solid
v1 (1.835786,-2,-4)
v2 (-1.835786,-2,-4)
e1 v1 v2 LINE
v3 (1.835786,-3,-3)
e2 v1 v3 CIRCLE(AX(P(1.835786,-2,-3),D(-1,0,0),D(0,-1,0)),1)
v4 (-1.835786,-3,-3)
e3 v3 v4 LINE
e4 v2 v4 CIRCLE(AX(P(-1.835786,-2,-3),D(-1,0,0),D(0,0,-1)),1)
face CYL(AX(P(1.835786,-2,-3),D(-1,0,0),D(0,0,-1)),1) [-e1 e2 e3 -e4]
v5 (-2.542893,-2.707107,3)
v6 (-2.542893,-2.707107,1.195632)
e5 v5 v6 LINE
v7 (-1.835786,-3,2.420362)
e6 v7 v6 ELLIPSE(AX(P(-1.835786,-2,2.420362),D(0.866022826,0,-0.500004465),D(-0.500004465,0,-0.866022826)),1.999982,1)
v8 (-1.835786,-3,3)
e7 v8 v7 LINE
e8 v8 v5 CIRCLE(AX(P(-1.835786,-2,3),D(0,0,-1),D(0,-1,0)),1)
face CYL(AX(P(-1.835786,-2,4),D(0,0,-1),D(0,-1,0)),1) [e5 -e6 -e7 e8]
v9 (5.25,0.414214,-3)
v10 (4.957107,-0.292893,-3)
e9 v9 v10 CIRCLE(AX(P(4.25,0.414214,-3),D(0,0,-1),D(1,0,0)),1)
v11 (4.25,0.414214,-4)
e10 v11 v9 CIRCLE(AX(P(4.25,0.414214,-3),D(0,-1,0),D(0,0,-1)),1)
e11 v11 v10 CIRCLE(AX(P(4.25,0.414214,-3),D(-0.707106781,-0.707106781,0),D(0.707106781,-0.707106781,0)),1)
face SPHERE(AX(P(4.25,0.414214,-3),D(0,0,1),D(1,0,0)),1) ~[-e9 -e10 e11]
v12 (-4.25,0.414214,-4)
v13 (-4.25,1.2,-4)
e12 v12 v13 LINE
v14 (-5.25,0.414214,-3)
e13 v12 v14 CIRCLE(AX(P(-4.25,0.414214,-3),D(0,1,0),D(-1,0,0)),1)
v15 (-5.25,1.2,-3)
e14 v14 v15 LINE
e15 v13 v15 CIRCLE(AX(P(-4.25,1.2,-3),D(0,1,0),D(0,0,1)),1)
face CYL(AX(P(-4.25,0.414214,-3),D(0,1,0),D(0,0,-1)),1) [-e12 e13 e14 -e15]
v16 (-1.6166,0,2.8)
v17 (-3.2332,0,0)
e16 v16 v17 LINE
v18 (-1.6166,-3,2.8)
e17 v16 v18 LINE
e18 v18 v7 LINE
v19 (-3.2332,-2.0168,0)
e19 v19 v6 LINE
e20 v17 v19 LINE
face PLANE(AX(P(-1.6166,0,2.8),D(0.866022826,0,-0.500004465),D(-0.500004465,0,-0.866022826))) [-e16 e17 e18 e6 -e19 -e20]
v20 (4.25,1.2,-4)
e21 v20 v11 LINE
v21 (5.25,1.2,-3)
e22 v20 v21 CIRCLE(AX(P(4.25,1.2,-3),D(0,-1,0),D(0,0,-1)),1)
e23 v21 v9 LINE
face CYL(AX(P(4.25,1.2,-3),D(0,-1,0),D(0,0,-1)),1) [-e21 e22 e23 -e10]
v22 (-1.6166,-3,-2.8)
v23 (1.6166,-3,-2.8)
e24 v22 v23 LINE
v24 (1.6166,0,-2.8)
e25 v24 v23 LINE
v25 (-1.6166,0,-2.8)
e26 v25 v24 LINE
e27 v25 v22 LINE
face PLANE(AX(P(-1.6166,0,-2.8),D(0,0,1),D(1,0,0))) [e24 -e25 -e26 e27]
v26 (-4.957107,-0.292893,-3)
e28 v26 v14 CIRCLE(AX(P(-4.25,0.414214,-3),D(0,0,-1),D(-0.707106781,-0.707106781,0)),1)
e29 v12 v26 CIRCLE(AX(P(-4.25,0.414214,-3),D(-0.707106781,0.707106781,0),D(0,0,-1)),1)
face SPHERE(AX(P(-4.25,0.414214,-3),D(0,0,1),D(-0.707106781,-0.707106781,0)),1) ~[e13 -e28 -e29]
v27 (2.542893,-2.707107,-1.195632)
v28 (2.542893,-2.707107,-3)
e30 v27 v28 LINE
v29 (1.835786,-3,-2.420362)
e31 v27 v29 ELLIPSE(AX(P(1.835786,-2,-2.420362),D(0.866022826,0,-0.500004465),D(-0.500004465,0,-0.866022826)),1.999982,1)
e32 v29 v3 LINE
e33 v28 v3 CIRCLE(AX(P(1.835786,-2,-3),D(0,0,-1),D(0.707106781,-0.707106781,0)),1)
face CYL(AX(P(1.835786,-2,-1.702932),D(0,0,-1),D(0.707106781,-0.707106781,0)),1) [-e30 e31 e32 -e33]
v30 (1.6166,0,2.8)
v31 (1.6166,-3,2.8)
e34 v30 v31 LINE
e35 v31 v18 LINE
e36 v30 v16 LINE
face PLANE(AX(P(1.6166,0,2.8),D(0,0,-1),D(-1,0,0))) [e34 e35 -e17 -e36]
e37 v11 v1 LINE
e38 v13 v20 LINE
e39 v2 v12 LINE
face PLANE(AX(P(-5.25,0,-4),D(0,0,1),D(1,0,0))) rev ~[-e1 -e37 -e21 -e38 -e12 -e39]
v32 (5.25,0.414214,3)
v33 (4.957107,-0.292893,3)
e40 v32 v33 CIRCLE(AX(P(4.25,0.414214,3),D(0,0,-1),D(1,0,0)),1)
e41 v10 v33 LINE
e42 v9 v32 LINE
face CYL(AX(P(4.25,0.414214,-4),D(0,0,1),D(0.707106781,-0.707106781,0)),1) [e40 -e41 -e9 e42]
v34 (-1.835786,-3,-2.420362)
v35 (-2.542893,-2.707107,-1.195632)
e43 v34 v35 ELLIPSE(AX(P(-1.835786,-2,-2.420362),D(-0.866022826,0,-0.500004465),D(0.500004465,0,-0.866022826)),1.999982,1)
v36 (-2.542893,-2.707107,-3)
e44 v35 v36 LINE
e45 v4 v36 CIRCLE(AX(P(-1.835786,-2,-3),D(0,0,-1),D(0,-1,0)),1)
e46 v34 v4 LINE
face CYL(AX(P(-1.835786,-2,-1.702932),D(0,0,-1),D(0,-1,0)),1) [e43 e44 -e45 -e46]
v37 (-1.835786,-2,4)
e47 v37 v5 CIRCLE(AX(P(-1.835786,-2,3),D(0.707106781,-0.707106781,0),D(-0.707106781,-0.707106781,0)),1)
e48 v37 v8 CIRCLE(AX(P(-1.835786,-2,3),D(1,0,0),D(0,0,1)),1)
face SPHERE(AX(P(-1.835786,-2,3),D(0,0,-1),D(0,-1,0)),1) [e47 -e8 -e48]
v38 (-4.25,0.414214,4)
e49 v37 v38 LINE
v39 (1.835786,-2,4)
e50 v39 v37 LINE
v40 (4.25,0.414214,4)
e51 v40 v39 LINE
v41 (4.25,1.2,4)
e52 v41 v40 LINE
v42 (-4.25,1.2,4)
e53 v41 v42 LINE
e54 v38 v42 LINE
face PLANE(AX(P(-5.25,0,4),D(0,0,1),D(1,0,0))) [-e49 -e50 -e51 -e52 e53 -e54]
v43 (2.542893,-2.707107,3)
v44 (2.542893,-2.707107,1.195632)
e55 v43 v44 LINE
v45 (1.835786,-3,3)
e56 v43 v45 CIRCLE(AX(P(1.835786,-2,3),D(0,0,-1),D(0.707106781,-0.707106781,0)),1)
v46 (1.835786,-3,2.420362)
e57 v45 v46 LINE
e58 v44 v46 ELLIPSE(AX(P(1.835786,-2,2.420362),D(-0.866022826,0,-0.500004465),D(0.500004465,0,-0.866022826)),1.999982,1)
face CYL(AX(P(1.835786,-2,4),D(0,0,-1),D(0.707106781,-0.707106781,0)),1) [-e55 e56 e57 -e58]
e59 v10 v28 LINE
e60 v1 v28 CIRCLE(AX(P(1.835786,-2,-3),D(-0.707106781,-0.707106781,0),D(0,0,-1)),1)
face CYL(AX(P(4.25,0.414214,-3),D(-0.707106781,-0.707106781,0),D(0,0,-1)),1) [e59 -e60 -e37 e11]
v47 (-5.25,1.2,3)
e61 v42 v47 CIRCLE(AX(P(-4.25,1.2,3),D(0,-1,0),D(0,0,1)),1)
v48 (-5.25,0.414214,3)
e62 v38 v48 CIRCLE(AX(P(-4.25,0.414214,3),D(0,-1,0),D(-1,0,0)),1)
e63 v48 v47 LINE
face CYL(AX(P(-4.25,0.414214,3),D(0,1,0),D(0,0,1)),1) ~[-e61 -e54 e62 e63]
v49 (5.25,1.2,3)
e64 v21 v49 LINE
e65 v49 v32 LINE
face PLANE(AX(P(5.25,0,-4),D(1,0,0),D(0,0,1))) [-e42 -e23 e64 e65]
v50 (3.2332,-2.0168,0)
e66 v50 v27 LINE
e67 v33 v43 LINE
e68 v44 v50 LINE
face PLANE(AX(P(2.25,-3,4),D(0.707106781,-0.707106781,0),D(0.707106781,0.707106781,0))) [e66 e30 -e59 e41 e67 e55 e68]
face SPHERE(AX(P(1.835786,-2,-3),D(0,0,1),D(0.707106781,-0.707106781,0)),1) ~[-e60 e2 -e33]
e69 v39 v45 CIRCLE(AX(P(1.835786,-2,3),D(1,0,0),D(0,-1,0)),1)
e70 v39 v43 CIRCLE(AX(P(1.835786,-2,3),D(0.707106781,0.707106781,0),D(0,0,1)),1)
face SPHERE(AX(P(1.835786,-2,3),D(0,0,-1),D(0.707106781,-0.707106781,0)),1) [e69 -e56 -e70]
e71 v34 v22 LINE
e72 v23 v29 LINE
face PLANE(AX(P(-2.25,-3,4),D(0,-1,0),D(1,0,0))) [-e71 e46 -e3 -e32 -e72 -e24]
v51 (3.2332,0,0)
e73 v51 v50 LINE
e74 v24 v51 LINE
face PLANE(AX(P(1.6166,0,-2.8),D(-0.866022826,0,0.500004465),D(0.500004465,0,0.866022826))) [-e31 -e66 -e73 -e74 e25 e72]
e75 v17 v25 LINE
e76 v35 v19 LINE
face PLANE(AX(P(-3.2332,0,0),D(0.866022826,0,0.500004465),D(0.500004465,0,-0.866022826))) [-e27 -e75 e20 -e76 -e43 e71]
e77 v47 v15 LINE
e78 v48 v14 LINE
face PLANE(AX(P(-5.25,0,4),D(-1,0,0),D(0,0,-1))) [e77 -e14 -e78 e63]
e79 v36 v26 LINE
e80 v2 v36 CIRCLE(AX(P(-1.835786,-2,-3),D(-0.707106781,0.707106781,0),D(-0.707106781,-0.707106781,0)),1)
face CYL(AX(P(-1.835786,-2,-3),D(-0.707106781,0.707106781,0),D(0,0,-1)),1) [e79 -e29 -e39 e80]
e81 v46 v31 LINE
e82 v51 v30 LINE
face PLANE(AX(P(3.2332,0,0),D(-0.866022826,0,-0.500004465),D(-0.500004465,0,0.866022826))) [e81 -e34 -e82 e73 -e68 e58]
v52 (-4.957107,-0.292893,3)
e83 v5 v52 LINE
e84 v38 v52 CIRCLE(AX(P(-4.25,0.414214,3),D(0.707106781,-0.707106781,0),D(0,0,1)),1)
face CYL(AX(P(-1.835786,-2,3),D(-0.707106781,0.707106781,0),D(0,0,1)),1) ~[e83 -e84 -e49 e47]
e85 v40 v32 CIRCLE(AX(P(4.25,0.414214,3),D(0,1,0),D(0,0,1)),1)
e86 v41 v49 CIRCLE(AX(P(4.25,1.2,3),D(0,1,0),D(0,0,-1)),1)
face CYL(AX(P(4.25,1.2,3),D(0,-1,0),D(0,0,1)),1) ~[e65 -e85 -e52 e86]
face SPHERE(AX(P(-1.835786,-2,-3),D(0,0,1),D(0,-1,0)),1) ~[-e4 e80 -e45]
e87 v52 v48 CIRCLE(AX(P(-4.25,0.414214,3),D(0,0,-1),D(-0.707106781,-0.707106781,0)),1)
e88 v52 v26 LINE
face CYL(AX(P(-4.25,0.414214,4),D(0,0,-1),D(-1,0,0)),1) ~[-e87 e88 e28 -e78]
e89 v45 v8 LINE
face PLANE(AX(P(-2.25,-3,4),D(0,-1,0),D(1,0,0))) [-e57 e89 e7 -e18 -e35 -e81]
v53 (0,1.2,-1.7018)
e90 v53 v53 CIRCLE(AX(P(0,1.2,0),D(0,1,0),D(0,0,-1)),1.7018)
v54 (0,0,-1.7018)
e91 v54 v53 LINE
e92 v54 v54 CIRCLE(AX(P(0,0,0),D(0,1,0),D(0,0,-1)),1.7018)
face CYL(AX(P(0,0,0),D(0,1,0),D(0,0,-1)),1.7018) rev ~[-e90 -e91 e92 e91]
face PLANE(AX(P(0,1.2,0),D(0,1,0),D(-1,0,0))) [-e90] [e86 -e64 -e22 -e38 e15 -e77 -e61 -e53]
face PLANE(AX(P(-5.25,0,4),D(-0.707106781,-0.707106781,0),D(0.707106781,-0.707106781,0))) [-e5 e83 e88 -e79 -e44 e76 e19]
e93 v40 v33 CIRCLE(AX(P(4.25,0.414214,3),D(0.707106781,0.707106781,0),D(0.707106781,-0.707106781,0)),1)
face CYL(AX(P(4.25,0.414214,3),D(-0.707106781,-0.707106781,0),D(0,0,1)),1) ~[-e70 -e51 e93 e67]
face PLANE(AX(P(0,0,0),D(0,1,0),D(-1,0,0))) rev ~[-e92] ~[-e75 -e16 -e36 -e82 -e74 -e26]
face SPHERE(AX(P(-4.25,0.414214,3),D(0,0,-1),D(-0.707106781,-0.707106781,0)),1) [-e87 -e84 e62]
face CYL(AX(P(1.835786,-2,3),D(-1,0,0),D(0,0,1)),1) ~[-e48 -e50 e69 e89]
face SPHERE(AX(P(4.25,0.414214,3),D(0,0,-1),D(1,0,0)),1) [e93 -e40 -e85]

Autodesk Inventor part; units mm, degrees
ref_plane "YZ Plane" through (0, 0, 0) normal (1, 0, 0) x (0, 1, 0)
ref_plane "XZ Plane" through (0, 0, 0) normal (0, 1, 0) x (-1, 0, 0)
ref_plane "XY Plane" through (0, 0, 0) normal (0, 0, 1) x (1, 0, 0)
sketch "Sketch1" plane through (0, 0, 0) normal (0, 1, 0) x (-1, 0, 0)
  line L0 (1.6166, 2.8) -> (3.2332, 0)
  line L1 (3.2332, 0) -> (1.6166, -2.8)
  line L2 (1.6166, -2.8) -> (-1.6166, -2.8)
  line L3 (-1.6166, -2.8) -> (-3.2332, 0)
  line L4 (-3.2332, 0) -> (-1.6166, 2.8)
  line L5 (-1.6166, 2.8) -> (1.6166, 2.8)
  line L6 (5.25, -4) -> (-5.25, -4)
  line L7 (-5.25, -4) -> (-5.25, 4)
  line L8 (-5.25, 4) -> (5.25, 4)
  line L9 (5.25, 4) -> (5.25, -4)
  line L10 (5.25, -4) -> (-5.25, 4) construction
  line L11 (-5.25, -4) -> (5.25, 4) construction
  point P0 (0, 0)
  point P1 (0, 0)
  point P2 (0, 0)
  dimension "d1" = 5.6
  dimension "d2" = 10.5
  dimension "d3" = 8
extrude "Extrusion1" add sketch "Sketch1" along normal blind 1.2 contours L0 L1 L2 L3 L4 L5 | L6 L7 L8 L9
sketch "Sketch2" plane through (-5.25, 0, 4) normal (0, 0, 1) x (1, 0, 0)
  line L0 (0, 0) -> (10.5, 0) projected
  line L1 (0, 0) -> (3, -3)
  line L2 (3, -3) -> (7.5, -3)
  line L3 (7.5, -3) -> (10.5, 0)
  point P0 (5.25, -3)
  point P1 (5.25, 0)
  dimension "d6" = 45
  dimension "d7" = 3
extrude "Extrusion2" add sketch "Sketch2" against normal up to surface (8 mm away)
extrude "Extrusion3" cut sketch "Sketch1" against normal up to surface (3 mm away) contours L0 L1 L2 L3 L4 L5
fillet "Fillet1" radius 1 6 edges at (5.25, 0, 0) (-5.25, 0, 0) (-2.25, -3, 2.8514) (2.25, -3, 2.8514) (2.25, -3, -2.8514) (-2.25, -3, -2.8514)
fillet "Fillet2" radius 1 18 edges at (2.2185, -2.9239, 4) (3.75, -1.5, 4) (5.1739, 0.0315, 4) (5.25, 0.8071, 4) (-2.2185, -2.9239, 4) (-3.75, -1.5, 4) (-5.1739, 0.0315, 4) (-5.25, 0.8071, 4) (0, -3, 4) (2.2185, -2.9239, -4) (3.75, -1.5, -4) (5.1739, 0.0315, -4) (5.25, 0.8071, -4) (-2.2185, -2.9239, -4) (-3.75, -1.5, -4) (-5.1739, 0.0315, -4) (-5.25, 0.8071, -4) (0, -3, -4)
hole "Hole1" at (0, 0, 0) direction (0, 1, 0) diameter 3.4036 end through all clearance for "Socket Head Cap Screw" size "M3" standard "Ansi Metric M Profile"
properties part number "T Nut Adapter"
